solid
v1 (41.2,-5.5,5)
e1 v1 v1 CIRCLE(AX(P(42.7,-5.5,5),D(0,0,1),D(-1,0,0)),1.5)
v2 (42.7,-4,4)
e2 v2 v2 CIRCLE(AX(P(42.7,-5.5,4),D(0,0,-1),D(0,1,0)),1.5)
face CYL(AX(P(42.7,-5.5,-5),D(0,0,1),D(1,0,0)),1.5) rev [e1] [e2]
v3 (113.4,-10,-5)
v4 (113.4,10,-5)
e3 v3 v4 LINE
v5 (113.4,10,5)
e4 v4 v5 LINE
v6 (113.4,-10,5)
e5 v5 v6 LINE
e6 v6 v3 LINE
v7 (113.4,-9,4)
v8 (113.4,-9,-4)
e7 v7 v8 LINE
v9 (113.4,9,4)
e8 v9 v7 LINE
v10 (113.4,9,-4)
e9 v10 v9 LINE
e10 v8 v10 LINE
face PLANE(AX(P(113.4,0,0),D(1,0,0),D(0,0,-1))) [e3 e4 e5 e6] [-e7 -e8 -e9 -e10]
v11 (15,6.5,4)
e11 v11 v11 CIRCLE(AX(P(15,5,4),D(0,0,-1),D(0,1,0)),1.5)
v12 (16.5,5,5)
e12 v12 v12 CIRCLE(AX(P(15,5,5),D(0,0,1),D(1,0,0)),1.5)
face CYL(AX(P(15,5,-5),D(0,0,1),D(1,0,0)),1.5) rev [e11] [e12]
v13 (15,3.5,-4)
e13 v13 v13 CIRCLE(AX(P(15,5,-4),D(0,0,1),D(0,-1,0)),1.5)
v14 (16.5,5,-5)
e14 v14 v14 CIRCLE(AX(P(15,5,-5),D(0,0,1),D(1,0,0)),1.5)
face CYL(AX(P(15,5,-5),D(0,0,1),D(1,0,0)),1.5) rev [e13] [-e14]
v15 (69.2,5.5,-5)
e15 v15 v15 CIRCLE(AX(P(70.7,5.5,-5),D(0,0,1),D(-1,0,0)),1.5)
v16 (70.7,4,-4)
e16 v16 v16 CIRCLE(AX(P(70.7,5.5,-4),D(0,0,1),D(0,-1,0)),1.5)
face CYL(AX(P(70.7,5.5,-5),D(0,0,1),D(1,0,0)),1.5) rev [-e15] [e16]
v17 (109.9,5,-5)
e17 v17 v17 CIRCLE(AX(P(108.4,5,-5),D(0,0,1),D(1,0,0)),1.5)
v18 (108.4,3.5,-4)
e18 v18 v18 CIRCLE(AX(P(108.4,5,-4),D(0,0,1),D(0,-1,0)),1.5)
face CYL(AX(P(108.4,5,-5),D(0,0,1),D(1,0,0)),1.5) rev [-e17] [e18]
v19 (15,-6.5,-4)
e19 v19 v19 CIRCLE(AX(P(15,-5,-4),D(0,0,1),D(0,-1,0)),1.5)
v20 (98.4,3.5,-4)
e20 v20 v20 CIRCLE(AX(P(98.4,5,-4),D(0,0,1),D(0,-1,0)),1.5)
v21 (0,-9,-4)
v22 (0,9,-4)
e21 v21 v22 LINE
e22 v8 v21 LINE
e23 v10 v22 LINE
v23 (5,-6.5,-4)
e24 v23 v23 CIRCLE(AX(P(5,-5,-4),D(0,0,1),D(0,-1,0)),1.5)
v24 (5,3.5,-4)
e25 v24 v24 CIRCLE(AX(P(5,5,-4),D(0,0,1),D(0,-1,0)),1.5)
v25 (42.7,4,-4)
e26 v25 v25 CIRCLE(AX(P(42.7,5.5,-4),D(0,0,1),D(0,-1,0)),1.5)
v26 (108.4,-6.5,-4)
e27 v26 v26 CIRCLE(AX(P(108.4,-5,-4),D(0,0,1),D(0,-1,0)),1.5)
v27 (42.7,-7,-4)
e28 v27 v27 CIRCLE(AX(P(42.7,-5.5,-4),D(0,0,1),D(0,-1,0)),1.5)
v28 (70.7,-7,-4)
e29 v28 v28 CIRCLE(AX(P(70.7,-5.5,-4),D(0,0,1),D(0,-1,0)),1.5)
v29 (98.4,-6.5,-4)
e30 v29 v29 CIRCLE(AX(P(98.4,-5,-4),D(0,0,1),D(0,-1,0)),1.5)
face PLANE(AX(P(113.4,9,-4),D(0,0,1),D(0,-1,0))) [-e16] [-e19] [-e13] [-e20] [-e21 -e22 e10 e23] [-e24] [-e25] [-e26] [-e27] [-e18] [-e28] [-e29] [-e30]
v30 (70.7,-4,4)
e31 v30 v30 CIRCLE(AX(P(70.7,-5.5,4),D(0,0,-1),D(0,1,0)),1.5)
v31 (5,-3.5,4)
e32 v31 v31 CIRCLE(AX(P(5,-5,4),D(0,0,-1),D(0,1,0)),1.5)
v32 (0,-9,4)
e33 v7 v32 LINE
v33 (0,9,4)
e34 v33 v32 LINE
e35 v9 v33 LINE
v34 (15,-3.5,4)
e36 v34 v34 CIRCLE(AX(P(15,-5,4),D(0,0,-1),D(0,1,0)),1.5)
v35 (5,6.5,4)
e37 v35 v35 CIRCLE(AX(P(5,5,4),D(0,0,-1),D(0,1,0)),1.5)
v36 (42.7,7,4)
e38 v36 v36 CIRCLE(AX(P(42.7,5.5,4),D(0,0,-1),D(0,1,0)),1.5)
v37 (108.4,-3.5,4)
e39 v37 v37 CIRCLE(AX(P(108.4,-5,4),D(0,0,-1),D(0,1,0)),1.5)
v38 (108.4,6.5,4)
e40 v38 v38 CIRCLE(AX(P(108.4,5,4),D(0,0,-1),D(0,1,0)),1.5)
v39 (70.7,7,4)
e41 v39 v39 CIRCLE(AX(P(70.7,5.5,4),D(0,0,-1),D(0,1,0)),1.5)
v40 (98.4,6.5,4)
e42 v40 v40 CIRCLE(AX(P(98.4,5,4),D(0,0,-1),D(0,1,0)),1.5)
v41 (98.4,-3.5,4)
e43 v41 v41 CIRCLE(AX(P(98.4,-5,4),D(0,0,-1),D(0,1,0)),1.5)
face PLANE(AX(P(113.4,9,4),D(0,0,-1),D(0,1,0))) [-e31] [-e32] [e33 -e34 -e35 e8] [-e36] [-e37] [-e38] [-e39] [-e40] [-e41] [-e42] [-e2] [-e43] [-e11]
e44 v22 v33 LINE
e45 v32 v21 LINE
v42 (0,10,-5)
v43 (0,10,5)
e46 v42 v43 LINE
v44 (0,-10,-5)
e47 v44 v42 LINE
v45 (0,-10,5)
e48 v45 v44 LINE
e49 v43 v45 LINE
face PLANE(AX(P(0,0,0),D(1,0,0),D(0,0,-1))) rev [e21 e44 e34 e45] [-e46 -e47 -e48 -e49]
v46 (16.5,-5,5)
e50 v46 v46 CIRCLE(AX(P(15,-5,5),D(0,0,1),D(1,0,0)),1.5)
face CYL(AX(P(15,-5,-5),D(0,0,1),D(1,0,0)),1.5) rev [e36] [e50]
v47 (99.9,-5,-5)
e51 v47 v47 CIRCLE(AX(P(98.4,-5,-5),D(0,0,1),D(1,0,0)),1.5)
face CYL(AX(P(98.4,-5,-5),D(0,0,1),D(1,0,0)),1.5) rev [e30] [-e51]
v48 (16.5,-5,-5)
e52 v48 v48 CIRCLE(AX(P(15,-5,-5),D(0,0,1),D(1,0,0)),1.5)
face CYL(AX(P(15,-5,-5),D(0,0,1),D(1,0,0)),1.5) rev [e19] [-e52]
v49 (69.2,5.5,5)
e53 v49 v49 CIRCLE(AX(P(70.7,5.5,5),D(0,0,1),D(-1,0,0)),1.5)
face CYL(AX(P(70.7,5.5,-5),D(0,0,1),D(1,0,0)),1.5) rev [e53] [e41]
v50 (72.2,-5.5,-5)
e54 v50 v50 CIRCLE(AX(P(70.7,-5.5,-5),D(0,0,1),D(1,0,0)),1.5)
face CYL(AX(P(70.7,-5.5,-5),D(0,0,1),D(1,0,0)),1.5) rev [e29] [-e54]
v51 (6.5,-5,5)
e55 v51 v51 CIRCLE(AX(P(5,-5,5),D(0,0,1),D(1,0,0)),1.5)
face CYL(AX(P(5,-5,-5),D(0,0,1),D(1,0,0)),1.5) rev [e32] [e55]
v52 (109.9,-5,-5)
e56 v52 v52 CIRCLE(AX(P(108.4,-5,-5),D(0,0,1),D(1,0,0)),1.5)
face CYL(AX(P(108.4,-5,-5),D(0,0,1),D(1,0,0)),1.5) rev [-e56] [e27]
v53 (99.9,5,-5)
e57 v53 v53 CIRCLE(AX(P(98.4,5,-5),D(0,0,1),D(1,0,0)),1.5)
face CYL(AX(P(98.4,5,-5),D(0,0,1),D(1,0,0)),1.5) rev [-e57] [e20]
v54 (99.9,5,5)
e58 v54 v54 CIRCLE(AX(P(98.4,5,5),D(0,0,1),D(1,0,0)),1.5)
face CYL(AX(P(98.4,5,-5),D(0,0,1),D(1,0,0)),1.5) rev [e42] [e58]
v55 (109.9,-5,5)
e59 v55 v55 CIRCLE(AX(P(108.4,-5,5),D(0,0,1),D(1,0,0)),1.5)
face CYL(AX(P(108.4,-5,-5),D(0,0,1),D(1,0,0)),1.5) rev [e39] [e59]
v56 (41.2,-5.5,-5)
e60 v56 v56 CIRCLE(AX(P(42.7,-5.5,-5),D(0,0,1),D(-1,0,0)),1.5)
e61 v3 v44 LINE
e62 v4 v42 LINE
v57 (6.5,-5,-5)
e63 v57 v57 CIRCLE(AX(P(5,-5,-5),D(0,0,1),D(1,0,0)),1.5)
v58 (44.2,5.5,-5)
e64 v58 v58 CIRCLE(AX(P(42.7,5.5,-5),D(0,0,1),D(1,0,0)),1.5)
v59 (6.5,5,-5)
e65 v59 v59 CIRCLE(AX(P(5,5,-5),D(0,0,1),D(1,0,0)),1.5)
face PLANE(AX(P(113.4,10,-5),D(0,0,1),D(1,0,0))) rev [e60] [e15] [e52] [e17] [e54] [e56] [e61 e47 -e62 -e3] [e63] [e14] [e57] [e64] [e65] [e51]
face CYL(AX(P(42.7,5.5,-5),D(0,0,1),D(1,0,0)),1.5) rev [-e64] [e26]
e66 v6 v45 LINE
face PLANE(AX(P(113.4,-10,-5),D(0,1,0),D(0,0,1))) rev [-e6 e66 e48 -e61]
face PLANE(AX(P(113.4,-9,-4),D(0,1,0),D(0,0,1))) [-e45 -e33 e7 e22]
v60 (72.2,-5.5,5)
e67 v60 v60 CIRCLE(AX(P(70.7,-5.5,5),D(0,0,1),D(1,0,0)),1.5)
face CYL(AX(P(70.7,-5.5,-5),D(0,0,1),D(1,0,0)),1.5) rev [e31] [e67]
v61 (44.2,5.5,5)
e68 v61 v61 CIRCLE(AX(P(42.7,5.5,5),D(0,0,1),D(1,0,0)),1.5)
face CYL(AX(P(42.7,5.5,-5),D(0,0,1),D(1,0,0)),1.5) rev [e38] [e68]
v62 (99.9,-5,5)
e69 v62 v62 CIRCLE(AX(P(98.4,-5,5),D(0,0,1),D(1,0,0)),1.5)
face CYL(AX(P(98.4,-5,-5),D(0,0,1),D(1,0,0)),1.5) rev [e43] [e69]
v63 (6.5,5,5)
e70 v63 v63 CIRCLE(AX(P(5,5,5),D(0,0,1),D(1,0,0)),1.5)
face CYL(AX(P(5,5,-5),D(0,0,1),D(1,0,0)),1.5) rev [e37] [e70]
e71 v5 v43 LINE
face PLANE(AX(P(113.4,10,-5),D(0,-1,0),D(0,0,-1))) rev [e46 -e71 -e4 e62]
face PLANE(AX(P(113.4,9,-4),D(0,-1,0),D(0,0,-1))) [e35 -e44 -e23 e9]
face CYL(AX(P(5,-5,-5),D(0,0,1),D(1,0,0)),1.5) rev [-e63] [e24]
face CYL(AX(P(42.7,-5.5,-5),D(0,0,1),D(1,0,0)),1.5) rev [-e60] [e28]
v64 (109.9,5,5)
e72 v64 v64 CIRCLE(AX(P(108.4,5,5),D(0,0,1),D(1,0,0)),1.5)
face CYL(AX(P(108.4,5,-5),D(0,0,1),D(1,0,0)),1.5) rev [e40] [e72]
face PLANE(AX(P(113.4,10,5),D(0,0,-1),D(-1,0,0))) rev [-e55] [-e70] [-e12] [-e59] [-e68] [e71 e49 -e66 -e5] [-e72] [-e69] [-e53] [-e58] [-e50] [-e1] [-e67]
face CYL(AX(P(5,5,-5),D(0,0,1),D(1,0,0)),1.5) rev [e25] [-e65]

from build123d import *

# Parameters (mm, degrees)
SKETCH_11_W                = 20
SKETCH_11_H                = 10
SKETCH_11_W_2              = 18
SKETCH_11_H_2              = 8
JIQIRENDUI_20X10X1_1_DEPTH = 113.4
SKETCH_12_R                = 1.5
CUT_EXTRUDE_1_DEPTH        = 10
SKETCH_13_R                = 1.5
CUT_EXTRUDE_2_DEPTH        = 115.278431911


with BuildPart() as part:
    # 草图11 → Jiqirendui 20X10X1(1) (new body)
    with BuildSketch(Plane.YZ):
        Rectangle(SKETCH_11_W, SKETCH_11_H)
        Rectangle(SKETCH_11_W_2, SKETCH_11_H_2, mode=Mode.SUBTRACT)
    extrude(amount=JIQIRENDUI_20X10X1_1_DEPTH)

    # 草图12 → 切除-拉伸1 (cut)
    with BuildSketch(Plane.XY.offset(5)):
        with Locations((15, 5)):
            Circle(SKETCH_12_R)
        with Locations((5, 5)):
            Circle(SKETCH_12_R)
        with Locations((15, -5)):
            Circle(SKETCH_12_R)
        with Locations((5, -5)):
            Circle(SKETCH_12_R)
        with Locations((108.4, -5)):
            Circle(SKETCH_12_R)
        with Locations((108.4, 5)):
            Circle(SKETCH_12_R)
        with Locations((98.4, 5)):
            Circle(SKETCH_12_R)
        with Locations((98.4, -5)):
            Circle(SKETCH_12_R)
    extrude(amount=-CUT_EXTRUDE_1_DEPTH, mode=Mode.SUBTRACT)

    # 草图13 → 切除-拉伸2 (cut, through all)
    with BuildSketch(Plane.XY.offset(5)):
        with Locations((42.7, 5.5)):
            Circle(SKETCH_13_R)
        with Locations(Location((70.7, 5.5, 0), (0, 0, 90))):
            Circle(SKETCH_13_R)
        with Locations((70.7, -5.5)):
            Circle(SKETCH_13_R)
        with Locations(Location((42.7, -5.5, 0), (0, 0, 90))):
            Circle(SKETCH_13_R)
    extrude(amount=-CUT_EXTRUDE_2_DEPTH, mode=Mode.SUBTRACT)


solid = part.part
